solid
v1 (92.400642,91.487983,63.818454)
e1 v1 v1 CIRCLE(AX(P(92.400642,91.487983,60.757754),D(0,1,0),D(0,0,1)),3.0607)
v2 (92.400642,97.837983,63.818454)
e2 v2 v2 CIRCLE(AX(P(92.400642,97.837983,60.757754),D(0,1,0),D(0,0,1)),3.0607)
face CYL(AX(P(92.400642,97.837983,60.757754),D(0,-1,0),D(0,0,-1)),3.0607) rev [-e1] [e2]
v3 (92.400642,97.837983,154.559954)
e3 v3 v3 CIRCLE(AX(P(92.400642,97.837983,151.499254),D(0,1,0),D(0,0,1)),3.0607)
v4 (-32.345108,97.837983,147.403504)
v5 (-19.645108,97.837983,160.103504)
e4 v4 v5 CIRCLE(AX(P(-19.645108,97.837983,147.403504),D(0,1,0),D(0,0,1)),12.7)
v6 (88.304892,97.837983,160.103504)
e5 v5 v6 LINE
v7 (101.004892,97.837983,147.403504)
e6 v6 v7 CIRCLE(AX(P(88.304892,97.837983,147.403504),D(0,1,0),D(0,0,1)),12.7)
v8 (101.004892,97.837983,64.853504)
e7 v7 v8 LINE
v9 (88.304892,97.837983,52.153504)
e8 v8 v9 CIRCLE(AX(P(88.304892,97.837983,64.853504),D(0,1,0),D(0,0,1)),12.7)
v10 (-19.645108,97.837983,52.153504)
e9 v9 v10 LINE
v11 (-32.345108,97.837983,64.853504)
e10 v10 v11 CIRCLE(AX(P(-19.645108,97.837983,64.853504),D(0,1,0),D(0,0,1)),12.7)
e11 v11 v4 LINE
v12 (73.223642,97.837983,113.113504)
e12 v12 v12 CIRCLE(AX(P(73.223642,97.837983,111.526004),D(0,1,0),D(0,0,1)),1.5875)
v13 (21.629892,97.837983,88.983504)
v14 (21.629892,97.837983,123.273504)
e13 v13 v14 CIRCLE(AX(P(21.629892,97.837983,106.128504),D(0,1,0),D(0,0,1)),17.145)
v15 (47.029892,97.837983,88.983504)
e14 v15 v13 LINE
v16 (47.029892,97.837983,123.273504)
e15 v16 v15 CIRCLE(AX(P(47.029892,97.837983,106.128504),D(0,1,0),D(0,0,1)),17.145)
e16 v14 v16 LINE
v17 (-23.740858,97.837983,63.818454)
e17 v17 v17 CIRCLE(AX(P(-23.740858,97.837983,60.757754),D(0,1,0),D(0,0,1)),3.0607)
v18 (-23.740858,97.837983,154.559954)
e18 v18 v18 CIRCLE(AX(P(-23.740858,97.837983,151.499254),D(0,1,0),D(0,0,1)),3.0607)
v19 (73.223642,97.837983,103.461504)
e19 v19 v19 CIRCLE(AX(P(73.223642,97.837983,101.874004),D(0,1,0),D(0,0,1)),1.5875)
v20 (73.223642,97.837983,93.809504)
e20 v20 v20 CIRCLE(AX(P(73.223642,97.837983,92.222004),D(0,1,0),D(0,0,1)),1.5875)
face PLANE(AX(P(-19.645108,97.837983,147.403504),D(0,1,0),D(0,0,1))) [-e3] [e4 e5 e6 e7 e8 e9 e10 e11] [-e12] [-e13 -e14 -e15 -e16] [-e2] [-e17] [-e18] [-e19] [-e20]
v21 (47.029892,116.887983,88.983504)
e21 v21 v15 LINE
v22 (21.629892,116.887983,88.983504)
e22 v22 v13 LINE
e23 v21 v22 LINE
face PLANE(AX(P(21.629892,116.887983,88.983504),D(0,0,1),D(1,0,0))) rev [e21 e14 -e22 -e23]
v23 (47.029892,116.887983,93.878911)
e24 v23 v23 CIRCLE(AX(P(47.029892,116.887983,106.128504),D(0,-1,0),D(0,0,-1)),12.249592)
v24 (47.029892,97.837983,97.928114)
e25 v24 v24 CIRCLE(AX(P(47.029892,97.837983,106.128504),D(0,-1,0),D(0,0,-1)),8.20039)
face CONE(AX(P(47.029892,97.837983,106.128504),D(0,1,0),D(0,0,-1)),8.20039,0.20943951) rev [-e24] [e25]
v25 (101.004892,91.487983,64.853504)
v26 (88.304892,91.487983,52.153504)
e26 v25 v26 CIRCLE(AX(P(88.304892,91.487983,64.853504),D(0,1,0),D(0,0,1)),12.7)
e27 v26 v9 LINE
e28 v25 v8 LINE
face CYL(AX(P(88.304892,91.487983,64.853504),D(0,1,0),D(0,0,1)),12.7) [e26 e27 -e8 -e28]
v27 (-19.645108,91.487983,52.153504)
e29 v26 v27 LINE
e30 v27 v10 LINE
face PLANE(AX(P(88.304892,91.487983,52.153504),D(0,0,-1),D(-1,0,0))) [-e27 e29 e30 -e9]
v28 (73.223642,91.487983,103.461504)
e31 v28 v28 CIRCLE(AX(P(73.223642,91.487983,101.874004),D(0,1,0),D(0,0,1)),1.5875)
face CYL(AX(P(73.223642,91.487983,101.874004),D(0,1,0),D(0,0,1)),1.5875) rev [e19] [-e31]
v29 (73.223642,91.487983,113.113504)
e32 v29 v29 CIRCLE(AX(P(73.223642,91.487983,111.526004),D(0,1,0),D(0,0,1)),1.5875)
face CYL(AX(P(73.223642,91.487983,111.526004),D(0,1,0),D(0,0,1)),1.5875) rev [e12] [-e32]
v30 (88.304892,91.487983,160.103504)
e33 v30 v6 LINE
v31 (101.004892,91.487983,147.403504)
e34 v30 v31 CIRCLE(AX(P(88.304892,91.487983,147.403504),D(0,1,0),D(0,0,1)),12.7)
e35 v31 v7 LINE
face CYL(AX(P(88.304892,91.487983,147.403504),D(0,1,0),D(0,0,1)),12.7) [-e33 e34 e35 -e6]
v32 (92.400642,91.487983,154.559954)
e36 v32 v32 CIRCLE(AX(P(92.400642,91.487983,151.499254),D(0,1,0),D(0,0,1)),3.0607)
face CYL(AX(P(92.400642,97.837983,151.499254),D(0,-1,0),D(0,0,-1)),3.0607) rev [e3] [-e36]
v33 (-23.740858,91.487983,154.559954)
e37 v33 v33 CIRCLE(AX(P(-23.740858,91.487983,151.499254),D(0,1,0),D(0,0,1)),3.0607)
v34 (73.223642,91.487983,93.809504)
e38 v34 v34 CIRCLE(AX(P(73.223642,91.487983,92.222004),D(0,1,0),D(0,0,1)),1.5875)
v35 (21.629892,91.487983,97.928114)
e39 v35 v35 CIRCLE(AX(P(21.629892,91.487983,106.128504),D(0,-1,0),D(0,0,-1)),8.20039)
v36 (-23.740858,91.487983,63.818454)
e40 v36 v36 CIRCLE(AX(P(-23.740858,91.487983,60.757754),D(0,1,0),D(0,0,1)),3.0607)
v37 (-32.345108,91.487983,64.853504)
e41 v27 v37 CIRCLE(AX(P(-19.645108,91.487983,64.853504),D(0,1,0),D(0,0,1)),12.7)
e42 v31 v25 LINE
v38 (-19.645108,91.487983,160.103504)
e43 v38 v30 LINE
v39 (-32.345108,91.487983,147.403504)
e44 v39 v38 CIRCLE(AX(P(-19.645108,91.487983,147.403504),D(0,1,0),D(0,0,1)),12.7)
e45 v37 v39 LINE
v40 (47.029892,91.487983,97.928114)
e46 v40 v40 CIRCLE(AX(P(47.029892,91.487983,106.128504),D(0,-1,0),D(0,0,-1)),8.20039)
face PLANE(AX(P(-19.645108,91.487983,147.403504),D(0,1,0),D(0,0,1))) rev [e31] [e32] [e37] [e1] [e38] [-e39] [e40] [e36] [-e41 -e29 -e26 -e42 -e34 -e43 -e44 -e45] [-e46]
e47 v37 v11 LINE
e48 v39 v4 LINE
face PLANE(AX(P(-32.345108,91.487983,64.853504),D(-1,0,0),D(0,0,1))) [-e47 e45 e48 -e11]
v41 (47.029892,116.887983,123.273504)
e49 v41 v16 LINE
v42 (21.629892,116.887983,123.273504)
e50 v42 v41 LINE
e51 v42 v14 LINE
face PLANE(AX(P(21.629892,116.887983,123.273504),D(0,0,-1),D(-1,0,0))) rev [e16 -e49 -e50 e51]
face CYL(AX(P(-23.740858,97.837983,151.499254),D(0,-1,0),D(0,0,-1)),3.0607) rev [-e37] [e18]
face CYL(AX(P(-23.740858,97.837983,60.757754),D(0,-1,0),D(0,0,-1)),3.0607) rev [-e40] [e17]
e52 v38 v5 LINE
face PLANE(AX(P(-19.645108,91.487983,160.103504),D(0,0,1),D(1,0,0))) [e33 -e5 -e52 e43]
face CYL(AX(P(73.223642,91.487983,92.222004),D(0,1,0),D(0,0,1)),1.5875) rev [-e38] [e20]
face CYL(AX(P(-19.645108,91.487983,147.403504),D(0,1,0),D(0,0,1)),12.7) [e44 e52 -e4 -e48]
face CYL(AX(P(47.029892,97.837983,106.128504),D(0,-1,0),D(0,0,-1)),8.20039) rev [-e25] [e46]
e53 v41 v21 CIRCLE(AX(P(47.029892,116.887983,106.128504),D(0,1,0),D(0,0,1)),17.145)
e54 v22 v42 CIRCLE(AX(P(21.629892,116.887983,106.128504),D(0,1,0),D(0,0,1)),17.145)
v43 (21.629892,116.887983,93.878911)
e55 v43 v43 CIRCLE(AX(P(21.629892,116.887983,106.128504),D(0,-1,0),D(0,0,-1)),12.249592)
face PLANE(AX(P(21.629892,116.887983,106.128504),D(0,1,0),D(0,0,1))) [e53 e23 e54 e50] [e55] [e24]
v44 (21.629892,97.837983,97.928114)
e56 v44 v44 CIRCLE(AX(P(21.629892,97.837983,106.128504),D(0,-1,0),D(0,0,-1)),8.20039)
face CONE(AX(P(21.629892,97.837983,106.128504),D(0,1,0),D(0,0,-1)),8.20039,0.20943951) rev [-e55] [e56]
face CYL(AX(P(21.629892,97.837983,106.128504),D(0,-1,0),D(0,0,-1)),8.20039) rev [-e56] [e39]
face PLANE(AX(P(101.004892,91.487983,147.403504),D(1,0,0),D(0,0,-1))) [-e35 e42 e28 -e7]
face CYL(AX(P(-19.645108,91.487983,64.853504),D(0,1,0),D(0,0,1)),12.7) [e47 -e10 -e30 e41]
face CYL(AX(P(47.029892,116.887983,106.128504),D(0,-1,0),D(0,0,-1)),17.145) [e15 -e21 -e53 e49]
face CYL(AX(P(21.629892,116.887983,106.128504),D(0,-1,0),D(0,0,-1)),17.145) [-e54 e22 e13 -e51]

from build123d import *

# Parameters (mm, degrees)
SKETCH1_R           = 3.0607
BOSS_EXTRUDE1_DEPTH = 6.35
SKETCH2_R           = 8.20039
CUT_EXTRUDE1_DEPTH  = 7.35
BOSS_EXTRUDE2_DEPTH = 19.05
SKETCH4_R           = 8.20039
CUT_EXTRUDE2_DEPTH  = 19.05
CUT_EXTRUDE2_TAPER  = -12
SKETCH5_R           = 1.5875
CUT_EXTRUDE3_DEPTH  = 7.35
BOSS_EXTRUDE3_DEPTH = 6.35


with BuildPart() as part:
    # Sketch1 → Boss-Extrude1 (new body)
    with BuildSketch(Plane(origin=(0, 91.487983019, 0), x_dir=(1, 0, 0), z_dir=(0, 1, 0))):
        with BuildLine():
            Line((-19.645108088, -156.928503968), (88.304891912, -156.928503968))
            ThreePointArc((88.304891912, -156.928503968), (95.040084003, -154.138696059), (97.829891912, -147.403503968))
            Line((97.829891912, -147.403503968), (97.829891912, -64.853503968))
            ThreePointArc((97.829891912, -64.853503968), (95.040084003, -58.118311877), (88.304891912, -55.328503968))
            Line((88.304891912, -55.328503968), (-19.645108088, -55.328503968))
            ThreePointArc((-19.645108088, -55.328503968), (-26.380300179, -58.118311877), (-29.170108088, -64.853503968))
            Line((-29.170108088, -64.853503968), (-29.170108088, -147.403503968))
            ThreePointArc((-29.170108088, -147.403503968), (-26.380300179, -154.138696059), (-19.645108088, -156.928503968))
        make_face()
        with Locations((-23.740858088, -151.499253968)):
            Circle(SKETCH1_R, mode=Mode.SUBTRACT)
        with Locations((-23.740858088, -60.757753968)):
            Circle(SKETCH1_R, mode=Mode.SUBTRACT)
        with Locations((92.400641912, -60.757753968)):
            Circle(SKETCH1_R, mode=Mode.SUBTRACT)
        with Locations((92.400641912, -151.499253968)):
            Circle(SKETCH1_R, mode=Mode.SUBTRACT)
    extrude(amount=BOSS_EXTRUDE1_DEPTH)

    # Sketch2 → Cut-Extrude1 (cut, through all)
    with BuildSketch(Plane.XZ.offset(-91.487983019)):
        with Locations((47.029891912, 106.128503968)):
            Circle(SKETCH2_R)
        with Locations((21.629891912, 106.128503968)):
            Circle(SKETCH2_R)
    extrude(amount=-CUT_EXTRUDE1_DEPTH, mode=Mode.SUBTRACT)

    # Sketch3 → Boss-Extrude2 (add)
    with BuildSketch(Plane(origin=(0, 97.837983019, 0), x_dir=(1, 0, 0), z_dir=(0, 1, 0))):
        with BuildLine():
            Line((21.629891912, -88.983503968), (47.029891912, -88.983503968))
            ThreePointArc((47.029891912, -88.983503968), (64.174891912, -106.128503968), (47.029891912, -123.273503968))
            Line((47.029891912, -123.273503968), (21.629891912, -123.273503968))
            ThreePointArc((21.629891912, -123.273503968), (4.484891912, -106.128503968), (21.629891912, -88.983503968))
        make_face()
    extrude(amount=BOSS_EXTRUDE2_DEPTH)

    # Sketch4 → Cut-Extrude2 (cut)
    with BuildSketch(Plane.XZ.offset(-97.837983019)):
        with Locations((21.629891912, 106.128503968)):
            Circle(SKETCH4_R)
        with Locations((47.029891912, 106.128503968)):
            Circle(SKETCH4_R)
    extrude(amount=-CUT_EXTRUDE2_DEPTH, taper=CUT_EXTRUDE2_TAPER, mode=Mode.SUBTRACT)

    # Sketch5 → Cut-Extrude3 (cut, through all)
    with BuildSketch(Plane(origin=(0, 97.837983019, 0), x_dir=(1, 0, 0), z_dir=(0, 1, 0))):
        with Locations((73.223641912, -111.526003968)):
            Circle(SKETCH5_R)
        with Locations((73.223641912, -101.874003968)):
            Circle(SKETCH5_R)
        with Locations((73.223641912, -92.222003968)):
            Circle(SKETCH5_R)
    extrude(amount=-CUT_EXTRUDE3_DEPTH, mode=Mode.SUBTRACT)

    # Sketch6 → Boss-Extrude3 (add)
    with BuildSketch(Plane(origin=(0, 97.837983019, 0), x_dir=(1, 0, 0), z_dir=(0, 1, 0))):
        with BuildLine():
            Line((-32.345108088, -64.853503968), (-32.345108088, -147.403503968))
            ThreePointArc((-32.345108088, -147.403503968), (-28.625364209, -156.383760089), (-19.645108088, -160.103503968))
            Line((-19.645108088, -160.103503968), (88.304891912, -160.103503968))
            ThreePointArc((88.304891912, -160.103503968), (97.285148033, -156.383760089), (101.004891912, -147.403503968))
            Line((101.004891912, -147.403503968), (101.004891912, -64.853503968))
            ThreePointArc((101.004891912, -64.853503968), (97.285148033, -55.873247847), (88.304891912, -52.153503968))
            Line((88.304891912, -52.153503968), (-19.645108088, -52.153503968))
            ThreePointArc((-19.645108088, -52.153503968), (-28.625364209, -55.873247847), (-32.345108088, -64.853503968))
        make_face()
        with BuildLine():
            Line((-19.645108088, -156.928503968), (88.304891912, -156.928503968))
            ThreePointArc((88.304891912, -156.928503968), (95.040084003, -154.138696059), (97.829891912, -147.403503968))
            Line((97.829891912, -147.403503968), (97.829891912, -64.853503968))
            ThreePointArc((97.829891912, -64.853503968), (95.040084003, -58.118311877), (88.304891912, -55.328503968))
            Line((88.304891912, -55.328503968), (-19.645108088, -55.328503968))
            ThreePointArc((-19.645108088, -55.328503968), (-26.380300179, -58.118311877), (-29.170108088, -64.853503968))
            Line((-29.170108088, -64.853503968), (-29.170108088, -147.403503968))
            ThreePointArc((-29.170108088, -147.403503968), (-26.380300179, -154.138696059), (-19.645108088, -156.928503968))
        make_face(mode=Mode.SUBTRACT)
    extrude(amount=-BOSS_EXTRUDE3_DEPTH)


solid = part.part
